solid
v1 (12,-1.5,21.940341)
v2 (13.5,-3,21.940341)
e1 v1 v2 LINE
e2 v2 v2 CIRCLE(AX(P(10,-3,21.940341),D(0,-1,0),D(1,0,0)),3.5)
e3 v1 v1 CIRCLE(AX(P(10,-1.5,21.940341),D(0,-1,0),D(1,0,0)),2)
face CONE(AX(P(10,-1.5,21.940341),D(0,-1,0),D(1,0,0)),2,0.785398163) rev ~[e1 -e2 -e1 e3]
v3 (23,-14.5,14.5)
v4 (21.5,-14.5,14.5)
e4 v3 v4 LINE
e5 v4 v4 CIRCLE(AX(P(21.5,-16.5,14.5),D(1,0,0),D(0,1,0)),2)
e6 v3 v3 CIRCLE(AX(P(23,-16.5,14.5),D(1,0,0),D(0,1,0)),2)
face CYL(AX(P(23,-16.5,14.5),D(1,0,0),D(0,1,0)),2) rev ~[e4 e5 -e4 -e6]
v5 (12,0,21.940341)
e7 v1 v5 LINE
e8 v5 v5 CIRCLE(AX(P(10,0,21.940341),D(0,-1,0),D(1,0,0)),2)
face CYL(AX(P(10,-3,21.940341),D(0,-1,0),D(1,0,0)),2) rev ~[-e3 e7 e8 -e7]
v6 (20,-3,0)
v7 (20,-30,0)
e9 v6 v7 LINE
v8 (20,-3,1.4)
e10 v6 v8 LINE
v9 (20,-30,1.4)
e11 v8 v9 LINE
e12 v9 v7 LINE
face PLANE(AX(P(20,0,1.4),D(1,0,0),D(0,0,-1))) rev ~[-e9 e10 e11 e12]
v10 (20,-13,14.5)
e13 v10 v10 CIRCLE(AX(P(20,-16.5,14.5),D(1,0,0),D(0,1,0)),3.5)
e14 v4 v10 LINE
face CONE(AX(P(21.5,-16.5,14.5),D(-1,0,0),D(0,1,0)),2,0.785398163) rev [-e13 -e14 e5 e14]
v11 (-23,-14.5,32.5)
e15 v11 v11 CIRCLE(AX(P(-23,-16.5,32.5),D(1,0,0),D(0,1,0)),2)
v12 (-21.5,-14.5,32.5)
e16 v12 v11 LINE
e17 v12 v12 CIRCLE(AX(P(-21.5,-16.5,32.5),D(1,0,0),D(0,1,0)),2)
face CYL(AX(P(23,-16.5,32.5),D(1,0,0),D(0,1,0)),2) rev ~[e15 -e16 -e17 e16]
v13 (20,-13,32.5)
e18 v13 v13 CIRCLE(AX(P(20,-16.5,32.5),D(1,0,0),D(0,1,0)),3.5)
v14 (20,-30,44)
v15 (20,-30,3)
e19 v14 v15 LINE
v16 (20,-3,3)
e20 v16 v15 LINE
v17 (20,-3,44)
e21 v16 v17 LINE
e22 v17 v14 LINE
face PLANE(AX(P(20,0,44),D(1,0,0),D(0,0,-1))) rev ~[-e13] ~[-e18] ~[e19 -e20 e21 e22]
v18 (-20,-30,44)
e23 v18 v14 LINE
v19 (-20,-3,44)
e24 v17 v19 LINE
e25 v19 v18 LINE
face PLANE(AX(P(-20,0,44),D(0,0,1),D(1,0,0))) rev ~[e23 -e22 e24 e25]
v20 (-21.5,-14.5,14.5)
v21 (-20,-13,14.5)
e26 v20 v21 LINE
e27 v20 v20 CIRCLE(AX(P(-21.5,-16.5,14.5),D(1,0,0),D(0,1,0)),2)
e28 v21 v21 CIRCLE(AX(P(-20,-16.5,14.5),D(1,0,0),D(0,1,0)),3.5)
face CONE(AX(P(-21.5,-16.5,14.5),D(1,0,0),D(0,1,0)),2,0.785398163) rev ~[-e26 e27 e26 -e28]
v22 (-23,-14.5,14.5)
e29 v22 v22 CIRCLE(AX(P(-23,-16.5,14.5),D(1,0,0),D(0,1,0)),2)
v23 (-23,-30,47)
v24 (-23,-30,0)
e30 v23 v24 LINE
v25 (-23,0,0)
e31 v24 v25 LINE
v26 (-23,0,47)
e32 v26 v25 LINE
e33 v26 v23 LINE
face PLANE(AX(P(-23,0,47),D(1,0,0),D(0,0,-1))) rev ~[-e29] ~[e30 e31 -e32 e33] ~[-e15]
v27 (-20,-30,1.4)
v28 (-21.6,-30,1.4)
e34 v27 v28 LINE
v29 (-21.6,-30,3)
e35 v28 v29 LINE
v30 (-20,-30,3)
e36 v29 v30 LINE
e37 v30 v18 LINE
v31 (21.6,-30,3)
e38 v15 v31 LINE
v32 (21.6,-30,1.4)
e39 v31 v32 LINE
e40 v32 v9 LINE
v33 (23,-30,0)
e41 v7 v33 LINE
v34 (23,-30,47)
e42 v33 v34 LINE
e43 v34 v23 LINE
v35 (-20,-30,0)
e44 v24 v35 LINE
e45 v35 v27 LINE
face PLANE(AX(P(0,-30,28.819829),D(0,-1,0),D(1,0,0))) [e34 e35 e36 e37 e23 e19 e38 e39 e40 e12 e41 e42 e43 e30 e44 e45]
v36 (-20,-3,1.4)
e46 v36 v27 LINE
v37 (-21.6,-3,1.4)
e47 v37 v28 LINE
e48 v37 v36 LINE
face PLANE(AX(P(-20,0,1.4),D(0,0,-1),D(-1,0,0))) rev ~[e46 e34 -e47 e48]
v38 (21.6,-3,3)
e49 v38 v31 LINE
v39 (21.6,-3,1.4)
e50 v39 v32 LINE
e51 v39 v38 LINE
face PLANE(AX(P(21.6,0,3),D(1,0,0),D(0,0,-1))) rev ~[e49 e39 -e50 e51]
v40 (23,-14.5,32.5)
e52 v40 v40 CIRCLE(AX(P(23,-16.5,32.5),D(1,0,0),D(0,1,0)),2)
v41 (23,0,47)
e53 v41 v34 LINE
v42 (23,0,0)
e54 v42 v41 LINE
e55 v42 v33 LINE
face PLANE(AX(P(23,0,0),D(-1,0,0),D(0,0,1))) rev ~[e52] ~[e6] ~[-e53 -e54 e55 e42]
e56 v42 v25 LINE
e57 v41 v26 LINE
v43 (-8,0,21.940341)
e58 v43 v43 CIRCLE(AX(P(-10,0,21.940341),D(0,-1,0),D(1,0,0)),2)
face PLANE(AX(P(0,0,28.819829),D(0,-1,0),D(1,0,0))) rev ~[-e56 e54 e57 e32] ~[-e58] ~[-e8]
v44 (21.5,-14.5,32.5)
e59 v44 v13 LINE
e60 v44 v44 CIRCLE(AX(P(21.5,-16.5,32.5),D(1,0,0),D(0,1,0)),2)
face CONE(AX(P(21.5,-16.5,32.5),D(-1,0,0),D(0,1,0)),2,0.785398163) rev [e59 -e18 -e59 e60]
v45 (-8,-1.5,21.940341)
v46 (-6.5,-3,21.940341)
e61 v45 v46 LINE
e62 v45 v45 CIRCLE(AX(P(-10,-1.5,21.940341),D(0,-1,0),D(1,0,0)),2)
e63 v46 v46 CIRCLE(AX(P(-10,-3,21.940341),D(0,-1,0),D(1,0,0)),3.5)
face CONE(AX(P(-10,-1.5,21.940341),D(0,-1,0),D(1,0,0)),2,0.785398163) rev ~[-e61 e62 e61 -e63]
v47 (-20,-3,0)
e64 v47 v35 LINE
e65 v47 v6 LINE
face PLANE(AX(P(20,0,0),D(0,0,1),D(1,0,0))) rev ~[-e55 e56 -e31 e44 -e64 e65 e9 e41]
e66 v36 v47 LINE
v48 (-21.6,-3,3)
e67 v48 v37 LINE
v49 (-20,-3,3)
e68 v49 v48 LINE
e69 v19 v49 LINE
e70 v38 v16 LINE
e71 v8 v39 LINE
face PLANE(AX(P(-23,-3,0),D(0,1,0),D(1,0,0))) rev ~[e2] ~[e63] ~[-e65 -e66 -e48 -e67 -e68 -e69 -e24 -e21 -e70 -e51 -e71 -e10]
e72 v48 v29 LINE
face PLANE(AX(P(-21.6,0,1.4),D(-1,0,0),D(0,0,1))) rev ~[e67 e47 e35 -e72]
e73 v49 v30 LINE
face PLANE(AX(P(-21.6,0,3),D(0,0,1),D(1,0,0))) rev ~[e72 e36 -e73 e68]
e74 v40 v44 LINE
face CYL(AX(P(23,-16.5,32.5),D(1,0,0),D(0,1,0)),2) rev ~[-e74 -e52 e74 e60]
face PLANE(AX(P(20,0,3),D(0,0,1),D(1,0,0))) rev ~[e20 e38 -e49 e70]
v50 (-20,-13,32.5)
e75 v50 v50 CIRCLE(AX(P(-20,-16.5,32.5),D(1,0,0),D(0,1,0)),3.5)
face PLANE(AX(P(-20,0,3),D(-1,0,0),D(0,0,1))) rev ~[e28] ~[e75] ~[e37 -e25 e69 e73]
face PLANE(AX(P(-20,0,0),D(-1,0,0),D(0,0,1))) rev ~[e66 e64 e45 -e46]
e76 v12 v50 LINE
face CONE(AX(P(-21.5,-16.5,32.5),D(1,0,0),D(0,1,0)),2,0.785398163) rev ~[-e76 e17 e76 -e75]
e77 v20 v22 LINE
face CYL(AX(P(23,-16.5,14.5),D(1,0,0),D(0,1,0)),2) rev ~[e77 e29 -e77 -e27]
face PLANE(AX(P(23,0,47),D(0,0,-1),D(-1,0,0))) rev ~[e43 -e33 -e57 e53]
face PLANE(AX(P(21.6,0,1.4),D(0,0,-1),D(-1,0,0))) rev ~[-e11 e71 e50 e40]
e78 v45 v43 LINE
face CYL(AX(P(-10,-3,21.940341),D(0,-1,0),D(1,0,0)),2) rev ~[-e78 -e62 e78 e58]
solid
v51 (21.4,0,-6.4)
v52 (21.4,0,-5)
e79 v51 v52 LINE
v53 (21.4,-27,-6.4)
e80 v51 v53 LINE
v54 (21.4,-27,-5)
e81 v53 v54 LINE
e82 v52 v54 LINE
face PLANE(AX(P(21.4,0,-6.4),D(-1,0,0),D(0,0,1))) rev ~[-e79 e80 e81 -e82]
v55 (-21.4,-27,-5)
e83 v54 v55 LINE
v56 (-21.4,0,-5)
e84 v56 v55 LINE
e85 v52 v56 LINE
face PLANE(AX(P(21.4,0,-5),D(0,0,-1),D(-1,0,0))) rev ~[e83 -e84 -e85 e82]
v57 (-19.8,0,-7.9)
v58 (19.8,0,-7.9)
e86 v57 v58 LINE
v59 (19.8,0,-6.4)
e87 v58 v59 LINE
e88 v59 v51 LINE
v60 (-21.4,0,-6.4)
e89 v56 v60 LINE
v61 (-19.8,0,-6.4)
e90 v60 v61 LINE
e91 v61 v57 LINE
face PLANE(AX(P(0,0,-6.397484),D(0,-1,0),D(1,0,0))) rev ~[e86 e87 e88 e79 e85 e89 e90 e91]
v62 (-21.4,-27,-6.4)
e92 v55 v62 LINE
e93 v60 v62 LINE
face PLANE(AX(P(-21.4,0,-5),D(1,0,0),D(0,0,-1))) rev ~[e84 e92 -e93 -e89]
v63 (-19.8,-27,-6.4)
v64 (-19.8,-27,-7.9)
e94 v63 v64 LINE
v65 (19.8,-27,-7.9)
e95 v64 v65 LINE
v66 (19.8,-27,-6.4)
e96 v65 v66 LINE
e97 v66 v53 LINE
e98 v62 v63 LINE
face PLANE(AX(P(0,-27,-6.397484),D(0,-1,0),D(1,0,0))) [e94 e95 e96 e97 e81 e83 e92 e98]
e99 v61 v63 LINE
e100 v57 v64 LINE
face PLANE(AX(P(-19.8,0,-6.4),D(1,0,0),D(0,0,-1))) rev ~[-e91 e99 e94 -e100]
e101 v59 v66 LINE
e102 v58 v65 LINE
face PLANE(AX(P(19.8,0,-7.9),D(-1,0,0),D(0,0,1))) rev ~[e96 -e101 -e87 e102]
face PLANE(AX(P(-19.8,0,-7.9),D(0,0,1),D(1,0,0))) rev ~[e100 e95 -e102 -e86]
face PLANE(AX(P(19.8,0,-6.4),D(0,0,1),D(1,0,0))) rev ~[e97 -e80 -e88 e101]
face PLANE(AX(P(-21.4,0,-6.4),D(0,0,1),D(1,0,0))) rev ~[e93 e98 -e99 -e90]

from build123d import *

# Parameters (mm, degrees)
F1_DEPTH = 30
F2_W     = 46
F2_H     = 3
F3_DEPTH = 47
F4_R     = 2
F5_DEPTH = 3.001
F7_DEPTH = 27
F8_R     = 2
F9_DEPTH = 50
F10_SIZE = 1.5


with BuildPart() as f1:
    # F0 (on Front) → F1 (new body)
    with BuildSketch(Plane.XZ):
        Polygon((-20, 44), (0, 44), (20, 44), (20, 3), (21.6, 3), (21.6, 1.4), (20, 1.4), (20, 0), (23, 0), (23, 47), (0, 47), (-23, 47), (-23, 0), (-20, 0), (-20, 1.4), (-21.6, 1.4), (-21.6, 3), (-20, 3), align=None)
    extrude(amount=F1_DEPTH)

    # F2 (on Top) → F3 (join)
    with BuildSketch(Plane.XY):
        with Locations((0, -1.5)):
            Rectangle(F2_W, F2_H)
    extrude(amount=F3_DEPTH)

    # F4 (on face) → F5 (cut, through all)
    with BuildSketch(Plane.XZ.offset(3)):
        with Locations((-10, 21.9403412193)):
            Circle(F4_R)
        with Locations((10, 21.9403412193)):
            Circle(F4_R)
    extrude(amount=-F5_DEPTH, mode=Mode.SUBTRACT)

    # F8 (on face) → F9 (cut)
    with BuildSketch(Plane.YZ.offset(23)):
        with Locations((-16.5, 32.5)):
            Circle(F8_R)
        with Locations((-16.5, 14.5)):
            Circle(F8_R)
    extrude(amount=-F9_DEPTH, mode=Mode.SUBTRACT)

    # F10
    f10_edges = [f1.edges().sort_by_distance(p)[0] for p in [
        (20, -18.5, 32.5),
        (20, -18.5, 14.5),
        (-20, -18.5, 32.5),
        (-20, -18.5, 14.5),
        (-12, -3, 21.940341),
        (8, -3, 21.940341),
    ]]
    chamfer(f10_edges, length=F10_SIZE)


with BuildPart() as f7:
    # F6 (on Front) → F7 (new body)
    with BuildSketch(Plane.XZ):
        Polygon((21.4, -5), (0, -5), (-21.4, -5), (-21.4, -6.4), (-19.8, -6.4), (-19.8, -7.9), (0, -7.9), (19.8, -7.9), (19.8, -6.4), (21.4, -6.4), align=None)
    extrude(amount=F7_DEPTH)


solid = Compound([f1.part, f7.part])
